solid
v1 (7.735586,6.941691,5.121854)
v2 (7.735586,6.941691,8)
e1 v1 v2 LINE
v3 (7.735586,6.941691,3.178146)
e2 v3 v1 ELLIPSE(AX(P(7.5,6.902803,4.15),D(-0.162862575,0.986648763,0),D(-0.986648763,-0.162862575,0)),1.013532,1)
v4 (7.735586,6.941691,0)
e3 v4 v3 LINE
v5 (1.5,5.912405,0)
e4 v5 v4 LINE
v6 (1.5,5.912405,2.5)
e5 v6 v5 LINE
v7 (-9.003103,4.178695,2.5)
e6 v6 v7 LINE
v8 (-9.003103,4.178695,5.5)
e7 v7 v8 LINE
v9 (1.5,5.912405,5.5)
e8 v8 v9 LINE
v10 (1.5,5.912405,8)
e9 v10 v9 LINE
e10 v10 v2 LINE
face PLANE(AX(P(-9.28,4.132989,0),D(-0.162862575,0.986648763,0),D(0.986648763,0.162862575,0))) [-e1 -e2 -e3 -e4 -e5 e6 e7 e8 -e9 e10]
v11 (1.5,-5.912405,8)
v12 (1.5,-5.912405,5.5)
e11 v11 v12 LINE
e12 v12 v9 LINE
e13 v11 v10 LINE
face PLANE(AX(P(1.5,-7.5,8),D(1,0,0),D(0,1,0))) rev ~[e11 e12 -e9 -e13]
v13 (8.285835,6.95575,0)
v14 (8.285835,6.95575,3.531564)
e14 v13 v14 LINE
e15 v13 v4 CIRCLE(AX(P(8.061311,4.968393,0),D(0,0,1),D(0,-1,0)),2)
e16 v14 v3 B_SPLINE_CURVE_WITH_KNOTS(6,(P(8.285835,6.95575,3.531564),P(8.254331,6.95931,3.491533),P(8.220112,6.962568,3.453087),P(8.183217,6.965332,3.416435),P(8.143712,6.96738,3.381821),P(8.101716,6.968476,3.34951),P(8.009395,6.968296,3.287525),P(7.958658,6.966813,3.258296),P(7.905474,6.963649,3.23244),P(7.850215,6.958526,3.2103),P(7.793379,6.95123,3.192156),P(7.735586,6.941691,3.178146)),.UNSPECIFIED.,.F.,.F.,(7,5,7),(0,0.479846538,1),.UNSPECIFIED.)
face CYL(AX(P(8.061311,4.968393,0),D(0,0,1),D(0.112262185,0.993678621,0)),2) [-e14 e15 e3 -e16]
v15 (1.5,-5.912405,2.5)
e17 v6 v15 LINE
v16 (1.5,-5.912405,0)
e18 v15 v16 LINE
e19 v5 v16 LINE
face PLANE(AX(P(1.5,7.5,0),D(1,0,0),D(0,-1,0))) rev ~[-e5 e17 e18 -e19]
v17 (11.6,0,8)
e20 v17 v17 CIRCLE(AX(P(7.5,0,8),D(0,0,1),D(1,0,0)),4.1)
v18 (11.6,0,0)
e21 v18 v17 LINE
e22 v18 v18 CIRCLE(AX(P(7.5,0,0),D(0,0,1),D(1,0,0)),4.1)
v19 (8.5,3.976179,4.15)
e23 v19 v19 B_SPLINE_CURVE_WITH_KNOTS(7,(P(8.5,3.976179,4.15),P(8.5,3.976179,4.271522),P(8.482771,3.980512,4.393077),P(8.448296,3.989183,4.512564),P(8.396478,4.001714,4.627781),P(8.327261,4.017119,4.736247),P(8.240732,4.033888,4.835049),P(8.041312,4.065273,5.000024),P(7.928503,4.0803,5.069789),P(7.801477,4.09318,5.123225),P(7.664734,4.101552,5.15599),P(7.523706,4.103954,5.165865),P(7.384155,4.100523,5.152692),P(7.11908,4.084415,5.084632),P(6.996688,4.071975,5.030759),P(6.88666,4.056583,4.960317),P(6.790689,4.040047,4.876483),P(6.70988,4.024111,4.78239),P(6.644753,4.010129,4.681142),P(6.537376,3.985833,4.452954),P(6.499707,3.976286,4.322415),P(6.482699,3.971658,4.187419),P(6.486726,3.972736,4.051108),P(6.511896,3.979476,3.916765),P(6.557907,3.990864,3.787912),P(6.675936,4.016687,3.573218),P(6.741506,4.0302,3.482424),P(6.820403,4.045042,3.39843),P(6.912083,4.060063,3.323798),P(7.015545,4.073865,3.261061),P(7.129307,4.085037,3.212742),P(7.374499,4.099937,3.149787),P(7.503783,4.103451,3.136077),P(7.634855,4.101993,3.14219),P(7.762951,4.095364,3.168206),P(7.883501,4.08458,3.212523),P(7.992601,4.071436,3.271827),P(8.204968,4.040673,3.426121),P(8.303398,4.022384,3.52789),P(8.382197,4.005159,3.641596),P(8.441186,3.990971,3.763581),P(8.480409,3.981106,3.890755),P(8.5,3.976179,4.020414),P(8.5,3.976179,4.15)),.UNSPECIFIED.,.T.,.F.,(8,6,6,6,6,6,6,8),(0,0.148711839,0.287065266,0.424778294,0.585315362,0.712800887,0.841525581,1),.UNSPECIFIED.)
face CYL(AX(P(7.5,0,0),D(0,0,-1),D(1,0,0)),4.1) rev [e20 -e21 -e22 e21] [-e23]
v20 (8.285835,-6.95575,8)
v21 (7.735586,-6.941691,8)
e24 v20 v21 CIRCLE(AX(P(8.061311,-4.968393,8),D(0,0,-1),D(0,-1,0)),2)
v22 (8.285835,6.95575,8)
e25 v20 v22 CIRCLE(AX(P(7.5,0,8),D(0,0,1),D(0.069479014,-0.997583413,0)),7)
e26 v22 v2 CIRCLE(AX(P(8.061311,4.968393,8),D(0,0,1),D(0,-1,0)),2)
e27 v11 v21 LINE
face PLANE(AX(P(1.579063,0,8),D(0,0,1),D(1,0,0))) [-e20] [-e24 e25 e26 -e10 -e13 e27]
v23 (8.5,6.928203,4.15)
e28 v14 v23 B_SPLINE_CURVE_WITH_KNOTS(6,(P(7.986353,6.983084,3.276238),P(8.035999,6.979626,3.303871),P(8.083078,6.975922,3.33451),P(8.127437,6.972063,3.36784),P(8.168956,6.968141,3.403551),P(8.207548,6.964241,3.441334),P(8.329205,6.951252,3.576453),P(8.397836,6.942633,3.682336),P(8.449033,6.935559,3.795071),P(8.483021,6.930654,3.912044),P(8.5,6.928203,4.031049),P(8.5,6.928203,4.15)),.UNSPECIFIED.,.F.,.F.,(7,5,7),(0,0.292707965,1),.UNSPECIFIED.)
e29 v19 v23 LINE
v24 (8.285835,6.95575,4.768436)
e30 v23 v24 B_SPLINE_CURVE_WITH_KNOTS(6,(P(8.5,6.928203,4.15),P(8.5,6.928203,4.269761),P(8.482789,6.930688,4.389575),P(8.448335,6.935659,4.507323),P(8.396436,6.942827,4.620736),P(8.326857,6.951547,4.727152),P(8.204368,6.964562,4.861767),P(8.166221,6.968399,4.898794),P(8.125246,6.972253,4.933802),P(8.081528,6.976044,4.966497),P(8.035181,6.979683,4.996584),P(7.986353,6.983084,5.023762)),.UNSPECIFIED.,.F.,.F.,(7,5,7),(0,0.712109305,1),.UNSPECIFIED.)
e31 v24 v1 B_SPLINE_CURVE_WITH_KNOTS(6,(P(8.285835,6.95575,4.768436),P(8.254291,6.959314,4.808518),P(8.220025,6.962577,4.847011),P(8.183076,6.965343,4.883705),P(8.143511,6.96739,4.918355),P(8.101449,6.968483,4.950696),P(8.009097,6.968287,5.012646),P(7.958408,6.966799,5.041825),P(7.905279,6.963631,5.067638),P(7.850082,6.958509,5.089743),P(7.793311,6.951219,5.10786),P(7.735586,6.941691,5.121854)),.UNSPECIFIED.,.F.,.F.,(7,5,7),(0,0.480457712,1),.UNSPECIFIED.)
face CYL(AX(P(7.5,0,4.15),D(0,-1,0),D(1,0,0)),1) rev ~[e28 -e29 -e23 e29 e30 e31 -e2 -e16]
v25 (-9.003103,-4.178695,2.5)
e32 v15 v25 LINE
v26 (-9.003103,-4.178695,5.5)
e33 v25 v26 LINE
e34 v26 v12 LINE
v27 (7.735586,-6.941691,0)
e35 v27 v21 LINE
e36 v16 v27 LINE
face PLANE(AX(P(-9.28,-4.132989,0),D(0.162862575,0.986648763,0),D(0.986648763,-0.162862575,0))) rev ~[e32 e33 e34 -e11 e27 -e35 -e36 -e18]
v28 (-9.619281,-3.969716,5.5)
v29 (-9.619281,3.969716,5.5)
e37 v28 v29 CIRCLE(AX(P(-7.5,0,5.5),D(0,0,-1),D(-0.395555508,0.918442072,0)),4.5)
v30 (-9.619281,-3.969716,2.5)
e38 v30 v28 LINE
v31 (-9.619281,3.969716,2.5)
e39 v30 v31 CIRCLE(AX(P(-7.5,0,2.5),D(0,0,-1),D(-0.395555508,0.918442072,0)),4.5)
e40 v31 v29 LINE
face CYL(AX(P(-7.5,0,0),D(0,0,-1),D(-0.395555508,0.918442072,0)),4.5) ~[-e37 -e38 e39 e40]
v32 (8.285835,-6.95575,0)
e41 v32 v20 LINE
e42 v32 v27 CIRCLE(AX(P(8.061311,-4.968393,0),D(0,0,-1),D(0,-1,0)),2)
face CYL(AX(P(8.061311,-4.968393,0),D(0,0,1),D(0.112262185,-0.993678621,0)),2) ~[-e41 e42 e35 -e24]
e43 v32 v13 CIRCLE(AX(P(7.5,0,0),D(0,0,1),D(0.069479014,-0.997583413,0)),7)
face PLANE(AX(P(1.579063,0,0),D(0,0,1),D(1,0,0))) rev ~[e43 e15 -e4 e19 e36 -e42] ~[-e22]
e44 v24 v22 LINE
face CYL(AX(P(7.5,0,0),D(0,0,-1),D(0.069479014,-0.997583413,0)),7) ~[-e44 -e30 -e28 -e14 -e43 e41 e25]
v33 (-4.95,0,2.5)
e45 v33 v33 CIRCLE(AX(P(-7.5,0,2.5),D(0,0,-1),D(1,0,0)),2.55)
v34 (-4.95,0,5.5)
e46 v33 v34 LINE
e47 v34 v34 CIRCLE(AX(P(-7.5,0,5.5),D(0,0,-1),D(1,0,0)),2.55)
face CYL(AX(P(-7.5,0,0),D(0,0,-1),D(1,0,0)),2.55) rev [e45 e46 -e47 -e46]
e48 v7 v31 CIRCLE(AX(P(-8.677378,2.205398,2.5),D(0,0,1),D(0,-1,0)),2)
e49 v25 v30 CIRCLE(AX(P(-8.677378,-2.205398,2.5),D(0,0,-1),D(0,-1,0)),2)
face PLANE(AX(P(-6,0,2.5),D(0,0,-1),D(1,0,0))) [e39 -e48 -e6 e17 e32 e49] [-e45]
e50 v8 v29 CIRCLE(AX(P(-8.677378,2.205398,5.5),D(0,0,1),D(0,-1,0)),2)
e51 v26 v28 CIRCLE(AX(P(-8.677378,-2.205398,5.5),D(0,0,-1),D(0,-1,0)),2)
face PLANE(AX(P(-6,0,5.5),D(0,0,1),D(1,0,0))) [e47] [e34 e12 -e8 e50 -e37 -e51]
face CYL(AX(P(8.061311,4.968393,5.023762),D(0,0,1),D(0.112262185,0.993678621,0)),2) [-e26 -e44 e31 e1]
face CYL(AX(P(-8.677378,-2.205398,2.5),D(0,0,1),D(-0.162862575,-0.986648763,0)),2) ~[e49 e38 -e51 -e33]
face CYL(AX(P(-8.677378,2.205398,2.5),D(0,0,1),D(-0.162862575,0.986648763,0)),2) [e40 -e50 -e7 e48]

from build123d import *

# Parameters (mm, degrees)
SKETCH_R        = 4.1
SKETCH_R_2      = 2.55
PAD_DEPTH       = 8
SKETCH001_W     = 15
SKETCH001_H     = 15
POCKET_DEPTH    = 2.5
SKETCH002_W     = 15
SKETCH002_H     = 15
POCKET001_DEPTH = 2.5
SKETCH003_R     = 1
POCKET002_DEPTH = 7
FILLET_R        = 2


with BuildPart() as part:
    # Sketch → Pad (new body)
    with BuildSketch(Plane.XY):
        with BuildLine():
            ThreePointArc((7.986353, -6.983084), (14.5, 0), (7.986353, 6.983084))
            Line((-9.28, 4.132989), (7.986353, 6.983084))
            ThreePointArc((-9.28, 4.132989), (-12, 0), (-9.28, -4.132989))
            Line((-9.28, -4.132989), (7.986353, -6.983084))
        make_face()
        with Locations((7.5, 0)):
            Circle(SKETCH_R, mode=Mode.SUBTRACT)
        with Locations((-7.5, 0)):
            Circle(SKETCH_R_2, mode=Mode.SUBTRACT)
    extrude(amount=PAD_DEPTH)

    # Sketch001 (on Face8 of Pad) → Pocket (cut)
    with BuildSketch(Plane.XY.offset(8)):
        with Locations((-6, 0)):
            Rectangle(SKETCH001_W, SKETCH001_H)
    extrude(amount=-POCKET_DEPTH, mode=Mode.SUBTRACT)

    # Sketch002 (on Face4 of Pocket) → Pocket001 (cut)
    with BuildSketch(Plane(origin=(0, 0, 0), x_dir=(1, 0, 0), z_dir=(0, 0, -1))):
        with Locations((-6, 0)):
            Rectangle(SKETCH002_W, SKETCH002_H)
    extrude(amount=-POCKET001_DEPTH, mode=Mode.SUBTRACT)

    # Sketch003 → Pocket002 (cut)
    with BuildSketch(Plane.XZ):
        with Locations((7.5, 4.15)):
            Circle(SKETCH003_R)
    extrude(amount=-POCKET002_DEPTH, mode=Mode.SUBTRACT)

    # Fillet
    fillet_edges = [part.edges().sort_by_distance(p)[0] for p in [
        (-9.28, 4.132989, 4),
        (7.986353, 6.983084, 6.511881),
        (7.986353, 6.983084, 1.638119),
        (7.986353, -6.983084, 4),
        (-9.28, -4.132989, 4),
    ]]
    fillet(fillet_edges, radius=FILLET_R)


solid = part.part
